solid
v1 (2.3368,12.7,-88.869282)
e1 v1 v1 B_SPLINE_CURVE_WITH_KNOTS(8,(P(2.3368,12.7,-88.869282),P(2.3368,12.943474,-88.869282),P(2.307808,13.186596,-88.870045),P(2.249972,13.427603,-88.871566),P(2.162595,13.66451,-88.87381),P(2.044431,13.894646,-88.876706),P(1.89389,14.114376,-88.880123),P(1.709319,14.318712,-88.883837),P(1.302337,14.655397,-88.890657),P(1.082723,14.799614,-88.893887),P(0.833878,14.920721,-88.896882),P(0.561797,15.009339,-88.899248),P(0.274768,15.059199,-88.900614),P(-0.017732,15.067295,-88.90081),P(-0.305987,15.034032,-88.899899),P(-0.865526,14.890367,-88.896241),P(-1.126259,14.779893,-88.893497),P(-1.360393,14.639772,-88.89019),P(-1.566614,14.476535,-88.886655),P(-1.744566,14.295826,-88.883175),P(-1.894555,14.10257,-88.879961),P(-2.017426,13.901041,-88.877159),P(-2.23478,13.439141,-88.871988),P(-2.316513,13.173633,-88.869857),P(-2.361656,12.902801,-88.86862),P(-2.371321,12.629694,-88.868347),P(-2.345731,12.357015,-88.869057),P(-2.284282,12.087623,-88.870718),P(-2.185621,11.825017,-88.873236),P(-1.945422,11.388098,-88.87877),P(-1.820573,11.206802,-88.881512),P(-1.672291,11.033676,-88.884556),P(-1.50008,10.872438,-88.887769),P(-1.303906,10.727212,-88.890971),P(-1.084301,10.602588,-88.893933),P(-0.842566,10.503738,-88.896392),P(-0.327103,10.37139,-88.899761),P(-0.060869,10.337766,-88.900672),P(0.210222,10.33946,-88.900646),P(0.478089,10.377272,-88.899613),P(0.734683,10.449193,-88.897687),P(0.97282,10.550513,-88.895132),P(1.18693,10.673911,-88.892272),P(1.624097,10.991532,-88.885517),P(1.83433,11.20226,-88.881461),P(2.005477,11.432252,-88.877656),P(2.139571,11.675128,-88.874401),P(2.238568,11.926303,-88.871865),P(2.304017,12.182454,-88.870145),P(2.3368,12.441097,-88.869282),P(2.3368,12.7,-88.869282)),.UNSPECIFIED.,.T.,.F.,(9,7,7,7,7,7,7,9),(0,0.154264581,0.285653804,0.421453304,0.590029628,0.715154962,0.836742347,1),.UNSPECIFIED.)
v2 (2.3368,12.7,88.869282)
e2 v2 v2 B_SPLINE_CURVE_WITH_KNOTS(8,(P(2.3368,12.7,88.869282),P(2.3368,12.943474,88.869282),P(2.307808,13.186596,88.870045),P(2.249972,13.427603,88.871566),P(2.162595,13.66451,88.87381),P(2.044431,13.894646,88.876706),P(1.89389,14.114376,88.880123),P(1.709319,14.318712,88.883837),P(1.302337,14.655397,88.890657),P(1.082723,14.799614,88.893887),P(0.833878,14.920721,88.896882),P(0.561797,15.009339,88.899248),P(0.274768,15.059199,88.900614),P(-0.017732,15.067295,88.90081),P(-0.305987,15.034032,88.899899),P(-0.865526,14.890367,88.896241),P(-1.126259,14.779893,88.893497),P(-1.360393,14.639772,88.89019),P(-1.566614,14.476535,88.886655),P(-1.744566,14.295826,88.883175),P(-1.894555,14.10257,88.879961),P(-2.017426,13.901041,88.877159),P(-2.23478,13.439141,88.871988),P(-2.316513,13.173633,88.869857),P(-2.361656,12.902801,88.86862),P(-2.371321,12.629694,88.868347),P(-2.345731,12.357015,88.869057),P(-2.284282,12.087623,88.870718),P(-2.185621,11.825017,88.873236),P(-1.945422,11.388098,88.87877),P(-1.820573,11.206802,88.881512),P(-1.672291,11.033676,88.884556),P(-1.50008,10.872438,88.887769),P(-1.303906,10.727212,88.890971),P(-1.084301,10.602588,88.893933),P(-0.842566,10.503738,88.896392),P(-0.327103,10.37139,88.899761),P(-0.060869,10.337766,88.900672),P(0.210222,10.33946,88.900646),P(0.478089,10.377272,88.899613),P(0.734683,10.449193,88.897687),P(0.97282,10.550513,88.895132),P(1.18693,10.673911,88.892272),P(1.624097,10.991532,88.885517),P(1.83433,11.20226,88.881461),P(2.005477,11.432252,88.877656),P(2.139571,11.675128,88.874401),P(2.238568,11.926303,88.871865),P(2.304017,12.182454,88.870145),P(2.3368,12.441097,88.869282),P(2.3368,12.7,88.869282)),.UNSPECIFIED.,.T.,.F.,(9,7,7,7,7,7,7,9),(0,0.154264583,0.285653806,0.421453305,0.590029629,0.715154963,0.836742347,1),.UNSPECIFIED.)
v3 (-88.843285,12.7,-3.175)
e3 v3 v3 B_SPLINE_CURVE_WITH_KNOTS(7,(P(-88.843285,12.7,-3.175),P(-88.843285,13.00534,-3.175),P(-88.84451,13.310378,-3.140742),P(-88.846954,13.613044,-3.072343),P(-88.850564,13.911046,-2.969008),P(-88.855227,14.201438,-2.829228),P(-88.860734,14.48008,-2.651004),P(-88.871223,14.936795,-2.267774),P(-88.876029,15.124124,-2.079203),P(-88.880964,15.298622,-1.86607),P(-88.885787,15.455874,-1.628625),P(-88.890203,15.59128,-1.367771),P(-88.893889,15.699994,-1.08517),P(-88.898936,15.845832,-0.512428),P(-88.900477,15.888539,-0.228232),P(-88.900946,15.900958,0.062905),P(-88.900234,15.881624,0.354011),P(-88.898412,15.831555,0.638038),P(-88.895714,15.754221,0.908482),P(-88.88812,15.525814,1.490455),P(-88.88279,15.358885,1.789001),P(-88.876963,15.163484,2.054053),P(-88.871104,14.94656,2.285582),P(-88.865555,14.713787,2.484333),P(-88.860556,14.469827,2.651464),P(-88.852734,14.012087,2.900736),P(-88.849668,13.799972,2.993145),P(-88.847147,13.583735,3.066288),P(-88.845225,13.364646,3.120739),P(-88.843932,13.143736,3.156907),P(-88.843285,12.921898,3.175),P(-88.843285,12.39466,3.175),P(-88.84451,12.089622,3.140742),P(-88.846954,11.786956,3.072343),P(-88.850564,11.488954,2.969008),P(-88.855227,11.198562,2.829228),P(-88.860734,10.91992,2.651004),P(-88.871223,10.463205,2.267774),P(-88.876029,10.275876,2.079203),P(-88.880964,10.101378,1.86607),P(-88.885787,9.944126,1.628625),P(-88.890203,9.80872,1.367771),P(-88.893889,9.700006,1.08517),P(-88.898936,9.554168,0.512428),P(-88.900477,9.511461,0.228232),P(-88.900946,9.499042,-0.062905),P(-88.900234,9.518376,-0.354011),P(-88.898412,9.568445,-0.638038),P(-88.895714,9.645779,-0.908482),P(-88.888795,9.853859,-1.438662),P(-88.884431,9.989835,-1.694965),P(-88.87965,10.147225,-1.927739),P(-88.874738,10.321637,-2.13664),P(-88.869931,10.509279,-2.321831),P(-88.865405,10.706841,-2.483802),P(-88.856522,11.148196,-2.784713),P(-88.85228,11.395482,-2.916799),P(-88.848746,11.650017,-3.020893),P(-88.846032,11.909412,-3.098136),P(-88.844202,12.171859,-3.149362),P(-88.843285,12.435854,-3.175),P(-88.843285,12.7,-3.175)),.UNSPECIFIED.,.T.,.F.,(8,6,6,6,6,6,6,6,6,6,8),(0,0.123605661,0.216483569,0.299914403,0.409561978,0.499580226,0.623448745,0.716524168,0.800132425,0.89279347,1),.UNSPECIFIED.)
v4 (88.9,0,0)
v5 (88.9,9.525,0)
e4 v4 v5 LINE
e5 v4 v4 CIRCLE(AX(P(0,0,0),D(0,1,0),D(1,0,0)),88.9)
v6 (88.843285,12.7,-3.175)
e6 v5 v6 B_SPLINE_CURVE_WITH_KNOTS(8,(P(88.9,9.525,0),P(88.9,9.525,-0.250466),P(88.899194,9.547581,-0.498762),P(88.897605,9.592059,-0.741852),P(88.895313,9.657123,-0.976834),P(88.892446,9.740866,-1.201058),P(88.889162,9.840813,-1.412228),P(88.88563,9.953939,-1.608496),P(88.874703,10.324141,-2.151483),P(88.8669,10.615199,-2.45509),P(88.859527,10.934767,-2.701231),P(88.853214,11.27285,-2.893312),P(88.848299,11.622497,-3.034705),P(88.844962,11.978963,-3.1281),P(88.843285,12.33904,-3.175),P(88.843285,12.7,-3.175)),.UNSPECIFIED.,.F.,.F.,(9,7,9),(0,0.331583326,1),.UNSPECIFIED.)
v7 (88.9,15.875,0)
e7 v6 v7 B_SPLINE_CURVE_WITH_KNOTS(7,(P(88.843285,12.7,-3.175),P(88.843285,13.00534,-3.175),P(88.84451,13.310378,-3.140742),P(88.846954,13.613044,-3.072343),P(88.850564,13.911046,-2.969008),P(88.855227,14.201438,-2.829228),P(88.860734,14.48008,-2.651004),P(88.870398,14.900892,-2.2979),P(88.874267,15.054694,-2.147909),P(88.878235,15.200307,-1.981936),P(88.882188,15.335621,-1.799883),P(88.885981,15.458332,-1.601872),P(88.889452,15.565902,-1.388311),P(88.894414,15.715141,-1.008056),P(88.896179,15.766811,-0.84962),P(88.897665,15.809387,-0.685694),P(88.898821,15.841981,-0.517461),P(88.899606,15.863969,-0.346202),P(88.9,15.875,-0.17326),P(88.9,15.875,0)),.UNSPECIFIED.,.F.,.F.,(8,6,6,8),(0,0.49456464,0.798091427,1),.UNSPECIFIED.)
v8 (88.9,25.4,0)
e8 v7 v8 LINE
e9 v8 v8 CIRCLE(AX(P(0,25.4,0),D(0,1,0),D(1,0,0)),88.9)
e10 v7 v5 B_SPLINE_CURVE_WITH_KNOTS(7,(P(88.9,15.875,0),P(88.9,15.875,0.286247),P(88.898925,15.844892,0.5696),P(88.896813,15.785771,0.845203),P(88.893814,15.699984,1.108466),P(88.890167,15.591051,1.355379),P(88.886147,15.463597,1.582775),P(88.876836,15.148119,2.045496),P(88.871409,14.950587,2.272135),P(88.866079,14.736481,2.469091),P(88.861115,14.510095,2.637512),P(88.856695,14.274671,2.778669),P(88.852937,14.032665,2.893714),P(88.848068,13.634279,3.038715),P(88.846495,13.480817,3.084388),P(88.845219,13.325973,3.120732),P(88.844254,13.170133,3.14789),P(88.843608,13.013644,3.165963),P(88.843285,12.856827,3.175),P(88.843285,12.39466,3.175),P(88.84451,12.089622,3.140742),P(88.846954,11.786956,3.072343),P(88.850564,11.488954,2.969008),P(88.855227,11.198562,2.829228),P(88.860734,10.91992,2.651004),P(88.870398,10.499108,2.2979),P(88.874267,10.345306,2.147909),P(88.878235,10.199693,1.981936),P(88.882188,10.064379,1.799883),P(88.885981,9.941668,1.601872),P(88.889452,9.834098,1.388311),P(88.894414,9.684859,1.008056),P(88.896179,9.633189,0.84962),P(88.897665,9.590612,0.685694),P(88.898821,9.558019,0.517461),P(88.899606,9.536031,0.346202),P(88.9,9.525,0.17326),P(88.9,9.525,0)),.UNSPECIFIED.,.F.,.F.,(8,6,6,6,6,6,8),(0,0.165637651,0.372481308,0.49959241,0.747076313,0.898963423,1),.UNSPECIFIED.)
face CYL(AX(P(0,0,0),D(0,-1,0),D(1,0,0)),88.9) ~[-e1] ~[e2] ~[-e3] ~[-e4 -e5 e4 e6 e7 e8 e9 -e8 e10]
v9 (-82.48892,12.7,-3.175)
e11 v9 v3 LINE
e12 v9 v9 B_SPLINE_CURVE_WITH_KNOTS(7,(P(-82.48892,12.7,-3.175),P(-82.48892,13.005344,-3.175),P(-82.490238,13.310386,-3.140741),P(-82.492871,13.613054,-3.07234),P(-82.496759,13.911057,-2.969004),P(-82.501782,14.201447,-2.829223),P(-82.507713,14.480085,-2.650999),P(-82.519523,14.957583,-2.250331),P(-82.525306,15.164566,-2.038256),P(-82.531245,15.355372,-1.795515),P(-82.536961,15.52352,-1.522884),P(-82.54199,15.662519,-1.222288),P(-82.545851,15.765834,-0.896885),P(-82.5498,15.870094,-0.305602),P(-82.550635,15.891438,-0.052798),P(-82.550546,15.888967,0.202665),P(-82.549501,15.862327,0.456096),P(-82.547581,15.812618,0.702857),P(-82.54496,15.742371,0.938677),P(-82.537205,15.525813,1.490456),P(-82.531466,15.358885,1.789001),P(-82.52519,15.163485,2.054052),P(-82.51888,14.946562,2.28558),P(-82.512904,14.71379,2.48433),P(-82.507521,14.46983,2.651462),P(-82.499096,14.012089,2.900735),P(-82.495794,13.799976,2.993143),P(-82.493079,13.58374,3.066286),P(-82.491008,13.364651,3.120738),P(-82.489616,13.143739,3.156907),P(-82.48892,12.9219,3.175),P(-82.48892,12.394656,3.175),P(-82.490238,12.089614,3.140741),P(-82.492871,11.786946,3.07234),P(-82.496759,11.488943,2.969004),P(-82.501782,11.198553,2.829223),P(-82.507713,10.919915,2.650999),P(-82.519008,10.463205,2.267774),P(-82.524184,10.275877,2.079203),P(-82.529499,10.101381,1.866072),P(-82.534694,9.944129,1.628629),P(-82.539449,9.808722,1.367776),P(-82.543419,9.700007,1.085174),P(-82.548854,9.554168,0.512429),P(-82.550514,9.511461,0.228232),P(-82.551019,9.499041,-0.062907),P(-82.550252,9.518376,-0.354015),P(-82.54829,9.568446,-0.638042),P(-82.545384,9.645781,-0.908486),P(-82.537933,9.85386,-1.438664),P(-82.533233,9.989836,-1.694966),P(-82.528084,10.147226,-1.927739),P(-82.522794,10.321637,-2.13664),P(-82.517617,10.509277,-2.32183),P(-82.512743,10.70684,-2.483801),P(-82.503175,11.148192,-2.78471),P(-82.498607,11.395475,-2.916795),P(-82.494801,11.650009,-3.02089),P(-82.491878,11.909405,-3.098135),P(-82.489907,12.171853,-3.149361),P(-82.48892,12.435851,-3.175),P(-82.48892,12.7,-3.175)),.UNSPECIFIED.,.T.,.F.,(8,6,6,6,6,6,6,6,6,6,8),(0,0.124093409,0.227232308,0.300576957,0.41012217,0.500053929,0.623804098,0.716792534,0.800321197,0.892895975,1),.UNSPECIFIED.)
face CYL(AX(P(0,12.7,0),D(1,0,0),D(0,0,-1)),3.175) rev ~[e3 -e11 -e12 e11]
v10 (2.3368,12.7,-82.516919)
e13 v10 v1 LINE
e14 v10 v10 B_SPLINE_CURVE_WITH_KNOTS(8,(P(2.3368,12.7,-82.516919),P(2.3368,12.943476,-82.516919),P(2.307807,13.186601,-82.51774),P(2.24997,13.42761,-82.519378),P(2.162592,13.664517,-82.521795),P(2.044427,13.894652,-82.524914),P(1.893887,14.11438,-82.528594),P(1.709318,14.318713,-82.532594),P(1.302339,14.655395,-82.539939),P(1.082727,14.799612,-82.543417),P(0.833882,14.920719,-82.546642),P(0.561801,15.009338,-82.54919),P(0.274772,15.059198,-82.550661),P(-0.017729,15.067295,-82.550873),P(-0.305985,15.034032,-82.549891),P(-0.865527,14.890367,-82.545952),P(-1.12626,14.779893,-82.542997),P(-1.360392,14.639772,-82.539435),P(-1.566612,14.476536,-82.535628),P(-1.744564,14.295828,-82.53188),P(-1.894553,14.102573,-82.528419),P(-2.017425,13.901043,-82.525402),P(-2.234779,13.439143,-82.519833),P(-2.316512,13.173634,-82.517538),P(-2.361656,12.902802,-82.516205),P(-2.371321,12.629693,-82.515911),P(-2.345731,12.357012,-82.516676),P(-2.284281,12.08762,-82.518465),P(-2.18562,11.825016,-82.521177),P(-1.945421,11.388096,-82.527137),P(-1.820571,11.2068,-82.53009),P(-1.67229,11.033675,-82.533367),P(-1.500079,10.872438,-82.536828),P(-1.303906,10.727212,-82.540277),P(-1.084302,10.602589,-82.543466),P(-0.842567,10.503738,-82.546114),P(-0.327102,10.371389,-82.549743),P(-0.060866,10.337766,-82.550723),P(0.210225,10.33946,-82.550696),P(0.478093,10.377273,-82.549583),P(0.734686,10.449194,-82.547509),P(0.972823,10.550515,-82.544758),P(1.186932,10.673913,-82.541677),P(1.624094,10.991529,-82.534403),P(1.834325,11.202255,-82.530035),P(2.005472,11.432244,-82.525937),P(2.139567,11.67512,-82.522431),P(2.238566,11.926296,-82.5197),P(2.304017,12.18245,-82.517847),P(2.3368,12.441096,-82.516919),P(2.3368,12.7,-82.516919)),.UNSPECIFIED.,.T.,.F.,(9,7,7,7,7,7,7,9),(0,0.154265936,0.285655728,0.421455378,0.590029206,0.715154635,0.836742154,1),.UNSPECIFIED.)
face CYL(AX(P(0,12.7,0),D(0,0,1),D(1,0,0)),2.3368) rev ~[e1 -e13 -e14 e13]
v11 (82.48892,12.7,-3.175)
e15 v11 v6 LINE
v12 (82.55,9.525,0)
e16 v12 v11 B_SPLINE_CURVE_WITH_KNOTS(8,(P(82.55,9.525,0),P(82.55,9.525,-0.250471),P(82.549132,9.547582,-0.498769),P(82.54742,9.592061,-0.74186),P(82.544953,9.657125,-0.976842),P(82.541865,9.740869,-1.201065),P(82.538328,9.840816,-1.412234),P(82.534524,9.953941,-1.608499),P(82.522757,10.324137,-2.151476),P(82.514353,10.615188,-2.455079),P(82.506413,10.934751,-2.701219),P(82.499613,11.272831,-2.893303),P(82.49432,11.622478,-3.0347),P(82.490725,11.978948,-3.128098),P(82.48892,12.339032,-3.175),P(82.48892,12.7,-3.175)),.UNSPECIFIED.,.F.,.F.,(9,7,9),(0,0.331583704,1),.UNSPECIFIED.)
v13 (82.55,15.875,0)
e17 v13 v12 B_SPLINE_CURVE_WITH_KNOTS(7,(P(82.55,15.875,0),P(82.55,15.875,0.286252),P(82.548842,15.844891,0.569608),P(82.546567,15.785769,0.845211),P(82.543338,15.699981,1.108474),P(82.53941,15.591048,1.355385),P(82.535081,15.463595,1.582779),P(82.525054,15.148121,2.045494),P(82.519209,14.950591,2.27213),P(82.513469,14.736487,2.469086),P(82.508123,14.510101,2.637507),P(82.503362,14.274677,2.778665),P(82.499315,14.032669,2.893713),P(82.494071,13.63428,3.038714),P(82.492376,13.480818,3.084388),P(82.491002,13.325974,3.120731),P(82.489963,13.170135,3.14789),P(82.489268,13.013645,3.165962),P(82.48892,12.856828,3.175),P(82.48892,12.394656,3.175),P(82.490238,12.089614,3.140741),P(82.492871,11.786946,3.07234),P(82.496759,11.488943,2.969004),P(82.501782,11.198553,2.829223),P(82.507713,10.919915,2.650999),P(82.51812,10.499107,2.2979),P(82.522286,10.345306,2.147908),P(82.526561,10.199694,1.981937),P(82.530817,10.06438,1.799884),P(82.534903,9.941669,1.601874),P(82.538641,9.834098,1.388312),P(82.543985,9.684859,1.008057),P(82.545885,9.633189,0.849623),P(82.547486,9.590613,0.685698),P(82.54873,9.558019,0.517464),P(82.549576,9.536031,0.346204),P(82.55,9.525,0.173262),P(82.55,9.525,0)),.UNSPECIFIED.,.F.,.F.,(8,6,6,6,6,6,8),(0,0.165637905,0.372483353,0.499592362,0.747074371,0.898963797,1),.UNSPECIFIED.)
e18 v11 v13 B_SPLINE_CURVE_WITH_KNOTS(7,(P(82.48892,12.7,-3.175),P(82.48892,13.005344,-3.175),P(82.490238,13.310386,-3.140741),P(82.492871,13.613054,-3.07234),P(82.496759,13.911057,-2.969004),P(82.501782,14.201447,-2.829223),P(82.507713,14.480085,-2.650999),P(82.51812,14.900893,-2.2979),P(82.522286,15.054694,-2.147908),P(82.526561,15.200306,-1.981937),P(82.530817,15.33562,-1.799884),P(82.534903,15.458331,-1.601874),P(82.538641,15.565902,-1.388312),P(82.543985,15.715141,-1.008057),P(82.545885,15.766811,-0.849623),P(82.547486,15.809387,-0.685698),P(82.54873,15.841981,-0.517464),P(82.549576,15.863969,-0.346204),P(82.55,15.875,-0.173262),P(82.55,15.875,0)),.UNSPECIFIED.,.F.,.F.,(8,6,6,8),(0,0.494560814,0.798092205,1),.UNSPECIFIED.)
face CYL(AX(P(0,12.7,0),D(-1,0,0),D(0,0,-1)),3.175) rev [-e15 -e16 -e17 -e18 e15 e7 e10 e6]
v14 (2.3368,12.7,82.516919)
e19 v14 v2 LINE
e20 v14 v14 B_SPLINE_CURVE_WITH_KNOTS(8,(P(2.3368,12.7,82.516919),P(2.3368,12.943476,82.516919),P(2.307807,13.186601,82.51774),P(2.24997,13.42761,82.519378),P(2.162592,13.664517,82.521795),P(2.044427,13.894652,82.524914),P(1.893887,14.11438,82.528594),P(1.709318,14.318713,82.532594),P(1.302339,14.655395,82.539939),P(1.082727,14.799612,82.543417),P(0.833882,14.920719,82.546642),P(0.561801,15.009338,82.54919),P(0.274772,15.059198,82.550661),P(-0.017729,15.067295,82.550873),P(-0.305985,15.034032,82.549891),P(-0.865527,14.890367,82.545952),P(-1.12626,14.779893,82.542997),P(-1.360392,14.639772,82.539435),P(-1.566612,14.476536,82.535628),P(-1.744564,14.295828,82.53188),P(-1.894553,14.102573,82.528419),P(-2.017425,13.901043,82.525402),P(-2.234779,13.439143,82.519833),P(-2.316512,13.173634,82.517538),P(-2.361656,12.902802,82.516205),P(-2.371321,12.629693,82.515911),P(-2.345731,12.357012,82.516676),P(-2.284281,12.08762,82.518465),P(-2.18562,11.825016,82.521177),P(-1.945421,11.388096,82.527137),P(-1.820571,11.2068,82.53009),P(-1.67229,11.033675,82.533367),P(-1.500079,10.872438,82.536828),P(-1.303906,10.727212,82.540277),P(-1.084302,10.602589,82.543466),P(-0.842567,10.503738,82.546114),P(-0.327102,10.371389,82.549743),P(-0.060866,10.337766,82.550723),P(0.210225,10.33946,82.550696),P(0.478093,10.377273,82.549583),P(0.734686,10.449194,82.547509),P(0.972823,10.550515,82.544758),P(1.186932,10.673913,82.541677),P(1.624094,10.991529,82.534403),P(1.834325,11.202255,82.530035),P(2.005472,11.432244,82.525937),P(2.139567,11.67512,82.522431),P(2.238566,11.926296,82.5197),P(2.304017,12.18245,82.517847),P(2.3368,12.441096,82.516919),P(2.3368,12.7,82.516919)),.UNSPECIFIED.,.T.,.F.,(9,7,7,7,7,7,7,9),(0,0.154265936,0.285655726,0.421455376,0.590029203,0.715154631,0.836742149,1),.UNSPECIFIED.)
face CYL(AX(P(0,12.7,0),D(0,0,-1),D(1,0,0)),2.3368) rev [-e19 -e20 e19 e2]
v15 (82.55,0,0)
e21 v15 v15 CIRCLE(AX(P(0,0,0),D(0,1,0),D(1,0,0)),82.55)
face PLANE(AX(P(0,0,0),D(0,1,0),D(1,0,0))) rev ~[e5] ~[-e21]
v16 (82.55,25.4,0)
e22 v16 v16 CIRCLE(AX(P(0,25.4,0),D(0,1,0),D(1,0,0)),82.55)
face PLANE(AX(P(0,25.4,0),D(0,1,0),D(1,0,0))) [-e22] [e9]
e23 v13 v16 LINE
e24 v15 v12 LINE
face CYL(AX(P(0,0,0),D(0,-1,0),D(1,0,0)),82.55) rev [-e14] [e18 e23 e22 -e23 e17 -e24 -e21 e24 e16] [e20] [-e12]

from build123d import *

# Parameters (mm, degrees)
SKETCH1_R               = 88.9
SKETCH1_R_2             = 82.55
BOSS_EXTRUDE1_DEPTH     = 25.4
SKETCH2_R               = 3.175
CUT_EXTRUDE1_DEPTH      = 89.9
CUT_EXTRUDE1_DEPTH_BACK = 89.9
SKETCH3_R               = 2.3368
CUT_EXTRUDE2_DEPTH      = 89.9000001
CUT_EXTRUDE2_DEPTH_BACK = 89.9000001


with BuildPart() as part:
    # Sketch1 → Boss-Extrude1 (new body)
    with BuildSketch(Plane(origin=(0, 0, 0), x_dir=(1, 0, 0), z_dir=(0, 1, 0))):
        Circle(SKETCH1_R)
        Circle(SKETCH1_R_2, mode=Mode.SUBTRACT)
    extrude(amount=BOSS_EXTRUDE1_DEPTH)

    # Sketch2 → Cut-Extrude1 (cut, two sides)
    with BuildSketch(Plane(origin=(0, 0, 0), x_dir=(0, 0, -1), z_dir=(1, 0, 0))) as cut_extrude1_sk:
        with Locations((0, 12.7)):
            Circle(SKETCH2_R)
    extrude(amount=CUT_EXTRUDE1_DEPTH, mode=Mode.SUBTRACT)
    extrude(cut_extrude1_sk.sketch, amount=-CUT_EXTRUDE1_DEPTH_BACK, mode=Mode.SUBTRACT)

    # Sketch3 → Cut-Extrude2 (cut, two sides)
    with BuildSketch(Plane.XY) as cut_extrude2_sk:
        with Locations((0, 12.7)):
            Circle(SKETCH3_R)
    extrude(amount=CUT_EXTRUDE2_DEPTH, mode=Mode.SUBTRACT)
    extrude(cut_extrude2_sk.sketch, amount=-CUT_EXTRUDE2_DEPTH_BACK, mode=Mode.SUBTRACT)


solid = part.part
